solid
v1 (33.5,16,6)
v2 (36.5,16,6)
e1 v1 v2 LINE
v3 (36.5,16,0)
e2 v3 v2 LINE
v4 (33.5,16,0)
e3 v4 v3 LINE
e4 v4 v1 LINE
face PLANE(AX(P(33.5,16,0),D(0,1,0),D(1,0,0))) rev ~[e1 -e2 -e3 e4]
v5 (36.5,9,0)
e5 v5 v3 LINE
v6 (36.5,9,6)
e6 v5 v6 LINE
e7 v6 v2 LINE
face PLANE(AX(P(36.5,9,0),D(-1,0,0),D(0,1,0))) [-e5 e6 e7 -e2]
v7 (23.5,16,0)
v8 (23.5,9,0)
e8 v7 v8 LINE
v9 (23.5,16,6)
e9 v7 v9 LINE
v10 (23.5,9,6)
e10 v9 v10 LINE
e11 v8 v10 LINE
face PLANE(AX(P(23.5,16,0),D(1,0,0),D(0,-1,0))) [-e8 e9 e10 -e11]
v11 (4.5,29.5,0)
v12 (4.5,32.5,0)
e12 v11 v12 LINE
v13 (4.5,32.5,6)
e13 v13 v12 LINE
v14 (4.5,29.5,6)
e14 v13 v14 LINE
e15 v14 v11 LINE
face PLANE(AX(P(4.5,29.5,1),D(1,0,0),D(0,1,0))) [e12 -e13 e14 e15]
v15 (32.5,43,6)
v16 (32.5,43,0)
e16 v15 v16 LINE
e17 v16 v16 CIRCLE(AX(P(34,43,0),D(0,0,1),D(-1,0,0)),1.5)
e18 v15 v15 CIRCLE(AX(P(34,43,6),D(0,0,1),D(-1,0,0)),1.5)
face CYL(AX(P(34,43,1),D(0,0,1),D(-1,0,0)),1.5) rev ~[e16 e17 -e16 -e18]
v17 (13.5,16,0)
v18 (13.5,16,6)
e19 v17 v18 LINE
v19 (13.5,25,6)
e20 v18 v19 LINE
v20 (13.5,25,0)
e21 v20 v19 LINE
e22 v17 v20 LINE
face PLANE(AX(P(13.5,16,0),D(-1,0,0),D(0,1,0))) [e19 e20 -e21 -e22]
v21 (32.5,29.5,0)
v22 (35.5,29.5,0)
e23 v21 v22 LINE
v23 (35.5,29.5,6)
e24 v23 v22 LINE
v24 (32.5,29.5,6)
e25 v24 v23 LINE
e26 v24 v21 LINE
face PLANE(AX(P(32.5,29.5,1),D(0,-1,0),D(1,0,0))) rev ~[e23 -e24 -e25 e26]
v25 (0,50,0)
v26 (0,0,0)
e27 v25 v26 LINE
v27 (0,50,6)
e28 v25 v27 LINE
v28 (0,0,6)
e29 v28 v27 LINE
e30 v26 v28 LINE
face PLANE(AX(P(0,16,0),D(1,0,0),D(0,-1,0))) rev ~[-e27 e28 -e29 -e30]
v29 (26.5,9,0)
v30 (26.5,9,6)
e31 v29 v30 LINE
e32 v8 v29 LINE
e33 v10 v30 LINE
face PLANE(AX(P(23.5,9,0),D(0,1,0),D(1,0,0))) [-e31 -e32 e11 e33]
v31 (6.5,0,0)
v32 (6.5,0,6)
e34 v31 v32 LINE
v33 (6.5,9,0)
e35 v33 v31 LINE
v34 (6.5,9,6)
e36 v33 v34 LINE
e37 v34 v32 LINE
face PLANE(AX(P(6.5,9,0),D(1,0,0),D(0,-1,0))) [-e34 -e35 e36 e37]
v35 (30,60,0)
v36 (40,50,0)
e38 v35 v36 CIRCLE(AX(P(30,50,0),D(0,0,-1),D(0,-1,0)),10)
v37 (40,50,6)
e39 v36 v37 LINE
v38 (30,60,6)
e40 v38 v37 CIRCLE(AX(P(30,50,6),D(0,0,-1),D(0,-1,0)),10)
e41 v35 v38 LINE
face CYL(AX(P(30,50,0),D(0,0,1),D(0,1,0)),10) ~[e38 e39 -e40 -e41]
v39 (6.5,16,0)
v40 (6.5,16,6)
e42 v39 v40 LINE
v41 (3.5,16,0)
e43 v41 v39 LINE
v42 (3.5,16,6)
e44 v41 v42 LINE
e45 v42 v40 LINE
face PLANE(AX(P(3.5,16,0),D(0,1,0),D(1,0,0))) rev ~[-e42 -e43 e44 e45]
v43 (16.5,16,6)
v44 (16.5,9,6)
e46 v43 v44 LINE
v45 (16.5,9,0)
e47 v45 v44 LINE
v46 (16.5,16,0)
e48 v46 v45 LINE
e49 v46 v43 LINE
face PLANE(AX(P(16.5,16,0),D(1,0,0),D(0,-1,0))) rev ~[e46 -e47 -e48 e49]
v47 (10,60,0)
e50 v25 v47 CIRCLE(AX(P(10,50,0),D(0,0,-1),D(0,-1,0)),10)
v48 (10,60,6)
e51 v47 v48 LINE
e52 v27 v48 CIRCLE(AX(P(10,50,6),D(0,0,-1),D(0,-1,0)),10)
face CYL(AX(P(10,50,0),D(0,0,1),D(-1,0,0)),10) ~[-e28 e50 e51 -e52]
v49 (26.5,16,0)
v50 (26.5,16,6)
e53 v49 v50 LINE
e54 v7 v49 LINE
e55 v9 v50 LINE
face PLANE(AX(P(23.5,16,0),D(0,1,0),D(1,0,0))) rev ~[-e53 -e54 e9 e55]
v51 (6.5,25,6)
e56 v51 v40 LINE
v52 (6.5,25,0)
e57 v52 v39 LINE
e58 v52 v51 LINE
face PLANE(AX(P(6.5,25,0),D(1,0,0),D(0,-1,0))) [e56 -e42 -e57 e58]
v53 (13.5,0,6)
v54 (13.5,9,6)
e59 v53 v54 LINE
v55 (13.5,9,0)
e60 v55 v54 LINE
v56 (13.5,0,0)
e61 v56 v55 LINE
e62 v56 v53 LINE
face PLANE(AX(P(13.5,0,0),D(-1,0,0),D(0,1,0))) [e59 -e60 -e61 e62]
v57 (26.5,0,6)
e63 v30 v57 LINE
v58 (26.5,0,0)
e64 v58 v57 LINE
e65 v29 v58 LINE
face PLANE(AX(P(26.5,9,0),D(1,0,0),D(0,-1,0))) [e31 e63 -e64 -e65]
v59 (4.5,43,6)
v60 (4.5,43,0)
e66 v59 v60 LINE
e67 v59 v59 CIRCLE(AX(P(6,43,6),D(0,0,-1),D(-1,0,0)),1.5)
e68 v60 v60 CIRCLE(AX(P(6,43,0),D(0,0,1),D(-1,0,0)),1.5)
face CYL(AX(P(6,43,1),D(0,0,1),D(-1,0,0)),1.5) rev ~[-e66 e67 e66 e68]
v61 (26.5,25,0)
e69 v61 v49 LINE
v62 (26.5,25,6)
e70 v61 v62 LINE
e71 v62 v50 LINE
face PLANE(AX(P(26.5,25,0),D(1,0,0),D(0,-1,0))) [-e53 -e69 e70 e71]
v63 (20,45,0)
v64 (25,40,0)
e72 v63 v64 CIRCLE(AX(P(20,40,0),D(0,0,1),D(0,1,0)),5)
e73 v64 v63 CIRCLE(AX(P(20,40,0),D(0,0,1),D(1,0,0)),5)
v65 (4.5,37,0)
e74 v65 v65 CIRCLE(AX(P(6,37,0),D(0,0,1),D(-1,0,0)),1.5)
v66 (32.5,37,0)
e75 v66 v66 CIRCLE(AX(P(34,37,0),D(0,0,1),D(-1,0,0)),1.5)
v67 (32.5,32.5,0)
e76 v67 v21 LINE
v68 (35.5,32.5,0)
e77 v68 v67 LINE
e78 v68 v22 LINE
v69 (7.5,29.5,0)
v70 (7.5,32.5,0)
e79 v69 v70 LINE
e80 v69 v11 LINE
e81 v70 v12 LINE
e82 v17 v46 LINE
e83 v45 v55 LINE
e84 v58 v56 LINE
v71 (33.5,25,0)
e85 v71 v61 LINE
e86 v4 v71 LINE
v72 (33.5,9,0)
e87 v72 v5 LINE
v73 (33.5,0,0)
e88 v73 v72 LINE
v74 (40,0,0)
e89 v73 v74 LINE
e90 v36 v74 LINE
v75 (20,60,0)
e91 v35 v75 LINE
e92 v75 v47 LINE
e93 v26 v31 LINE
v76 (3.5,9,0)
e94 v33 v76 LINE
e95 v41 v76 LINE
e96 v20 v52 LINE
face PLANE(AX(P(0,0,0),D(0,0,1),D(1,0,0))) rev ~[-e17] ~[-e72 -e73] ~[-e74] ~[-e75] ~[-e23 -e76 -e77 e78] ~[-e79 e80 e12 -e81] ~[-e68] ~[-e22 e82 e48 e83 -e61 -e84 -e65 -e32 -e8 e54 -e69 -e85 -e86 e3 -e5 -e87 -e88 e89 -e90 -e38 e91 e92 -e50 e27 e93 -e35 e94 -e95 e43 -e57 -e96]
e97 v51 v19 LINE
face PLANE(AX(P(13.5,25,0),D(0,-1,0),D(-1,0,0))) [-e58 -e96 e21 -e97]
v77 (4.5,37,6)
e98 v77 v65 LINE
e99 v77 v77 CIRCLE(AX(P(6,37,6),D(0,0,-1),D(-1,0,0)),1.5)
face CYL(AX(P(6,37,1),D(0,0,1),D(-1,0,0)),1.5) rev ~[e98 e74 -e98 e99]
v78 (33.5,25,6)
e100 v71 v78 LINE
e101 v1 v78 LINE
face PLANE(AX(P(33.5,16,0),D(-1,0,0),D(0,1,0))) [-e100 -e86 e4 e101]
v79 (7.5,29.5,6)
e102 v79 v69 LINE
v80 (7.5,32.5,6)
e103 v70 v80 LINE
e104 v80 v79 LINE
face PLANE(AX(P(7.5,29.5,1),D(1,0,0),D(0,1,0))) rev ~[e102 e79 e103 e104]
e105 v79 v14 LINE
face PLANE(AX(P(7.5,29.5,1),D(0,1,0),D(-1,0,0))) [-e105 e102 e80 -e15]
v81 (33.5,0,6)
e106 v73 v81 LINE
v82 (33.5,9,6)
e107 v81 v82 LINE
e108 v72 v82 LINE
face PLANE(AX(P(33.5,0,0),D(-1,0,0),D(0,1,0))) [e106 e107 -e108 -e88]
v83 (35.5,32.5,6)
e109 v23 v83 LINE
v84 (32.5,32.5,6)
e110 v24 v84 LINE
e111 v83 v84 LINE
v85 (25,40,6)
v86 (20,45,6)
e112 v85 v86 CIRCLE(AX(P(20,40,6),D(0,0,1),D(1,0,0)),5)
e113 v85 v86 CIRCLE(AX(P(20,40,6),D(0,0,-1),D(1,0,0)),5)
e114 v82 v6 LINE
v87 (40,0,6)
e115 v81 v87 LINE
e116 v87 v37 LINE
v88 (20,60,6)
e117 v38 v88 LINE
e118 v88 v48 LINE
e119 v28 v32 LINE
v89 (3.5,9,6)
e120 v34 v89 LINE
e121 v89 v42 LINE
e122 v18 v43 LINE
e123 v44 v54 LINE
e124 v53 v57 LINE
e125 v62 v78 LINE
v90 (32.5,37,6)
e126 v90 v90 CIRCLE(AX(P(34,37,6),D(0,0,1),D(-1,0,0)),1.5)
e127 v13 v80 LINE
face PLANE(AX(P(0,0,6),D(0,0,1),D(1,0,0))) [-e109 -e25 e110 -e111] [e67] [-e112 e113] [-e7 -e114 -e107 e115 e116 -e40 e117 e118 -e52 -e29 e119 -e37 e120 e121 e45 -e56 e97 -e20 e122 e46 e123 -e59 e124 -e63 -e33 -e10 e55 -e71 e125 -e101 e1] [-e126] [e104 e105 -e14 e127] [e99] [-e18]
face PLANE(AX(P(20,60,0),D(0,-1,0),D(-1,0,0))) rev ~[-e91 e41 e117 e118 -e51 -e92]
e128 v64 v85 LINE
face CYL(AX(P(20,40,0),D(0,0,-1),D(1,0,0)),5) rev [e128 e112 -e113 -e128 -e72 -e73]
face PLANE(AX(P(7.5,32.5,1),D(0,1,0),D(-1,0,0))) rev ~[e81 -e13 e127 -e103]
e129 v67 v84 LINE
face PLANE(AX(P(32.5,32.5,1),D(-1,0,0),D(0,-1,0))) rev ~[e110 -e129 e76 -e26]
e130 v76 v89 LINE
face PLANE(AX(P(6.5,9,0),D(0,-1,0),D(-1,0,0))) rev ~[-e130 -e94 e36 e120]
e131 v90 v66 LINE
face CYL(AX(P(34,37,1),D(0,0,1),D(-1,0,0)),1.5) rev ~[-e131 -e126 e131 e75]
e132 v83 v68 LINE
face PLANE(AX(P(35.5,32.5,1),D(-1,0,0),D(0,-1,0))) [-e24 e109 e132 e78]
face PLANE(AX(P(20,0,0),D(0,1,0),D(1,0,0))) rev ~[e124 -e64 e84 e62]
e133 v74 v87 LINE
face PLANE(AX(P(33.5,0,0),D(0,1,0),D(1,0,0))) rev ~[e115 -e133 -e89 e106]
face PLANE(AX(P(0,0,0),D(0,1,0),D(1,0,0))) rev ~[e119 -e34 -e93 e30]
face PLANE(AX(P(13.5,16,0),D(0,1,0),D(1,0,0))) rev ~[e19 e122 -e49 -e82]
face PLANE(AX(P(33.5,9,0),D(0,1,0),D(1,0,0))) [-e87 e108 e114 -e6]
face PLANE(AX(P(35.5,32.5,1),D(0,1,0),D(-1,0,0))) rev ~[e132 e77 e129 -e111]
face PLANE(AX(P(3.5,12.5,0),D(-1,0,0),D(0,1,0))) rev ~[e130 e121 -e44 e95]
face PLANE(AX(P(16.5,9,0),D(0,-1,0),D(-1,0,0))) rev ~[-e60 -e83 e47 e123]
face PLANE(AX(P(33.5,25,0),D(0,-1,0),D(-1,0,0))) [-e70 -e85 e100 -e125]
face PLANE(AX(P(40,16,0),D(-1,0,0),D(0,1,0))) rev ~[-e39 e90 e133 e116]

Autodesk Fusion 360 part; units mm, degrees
sketch "Sketch1" plane through (0, 0, 0) normal (0, 0, 1) x (1, 0, 0)
  line L0 (0, 0) -> (40, 0)
  line L1 (40, 0) -> (40, 60)
  line L2 (40, 60) -> (0, 60)
  line L3 (0, 60) -> (0, 0)
  line L4 (20, 60) -> (20, 27.089)
  circle A0 centre (20, 40) radius 5
  line L5 (6.5, 0) -> (13.5, 0)
  line L6 (13.5, 0) -> (13.5, 25)
  line L7 (13.5, 25) -> (6.5, 25)
  line L8 (6.5, 25) -> (6.5, 0)
  line L9 (26.5, 0) -> (33.5, 0)
  line L10 (33.5, 0) -> (33.5, 25)
  line L11 (33.5, 25) -> (26.5, 25)
  line L12 (26.5, 25) -> (26.5, 0)
  line L13 (10, 25) -> (30, 25)
  line L14 (20, 25) -> (20, 0)
  line L15 (0, 16) -> (40, 16)
  line L16 (3.5, 16) -> (16.5, 16)
  line L17 (16.5, 16) -> (16.5, 9)
  line L18 (16.5, 9) -> (3.5, 9)
  line L19 (3.5, 9) -> (3.5, 16)
  line L20 (3.5, 12.5) -> (6.5, 12.5)
  line L21 (10, 9) -> (10, 0)
  line L22 (23.5, 16) -> (23.5, 9)
  line L23 (23.5, 9) -> (36.5, 9)
  line L24 (36.5, 9) -> (36.5, 16)
  dimension "d1" = 40
  dimension "d2" = 60
  dimension "d3" = 10
  dimension "d4" = 40
  dimension "d5" = 7
  dimension "d6" = 7
  dimension "d7" = 25
  dimension "d8" = 25
  dimension "d9" = 20
  dimension "d10" = 90
  dimension "d11" = 90
  dimension "d12" = 13
  dimension "d13" = 90
  dimension "d14" = 7
extrude "Extrude1" add sketch "Sketch1" along normal blind 6 contours L0 L3 L8 L15 L18 L19 | L1 L2 L3 L7 L8 L10 L11 L13 L15 L16 | L0 L6 L14 L15 L17 L18 | L0 L12 L14 L15 L22 L23 | L6 L13 L14 L15 L16 | L12 L13 L14 L15 | L0 L1 L10 L15 L23 L24
sketch "Sketch2" plane through (0, 0, 6) normal (0, 0, 1) x (-1, 0, 0)
  circle A0 centre (-20, -40) radius 5
  line L0 (-33.5, 0) -> (-40, 0)
  line L1 (-40, 0) -> (-40, -60)
  line L2 (-40, -60) -> (0, -60)
  line L3 (0, -60) -> (0, 0)
  line L4 (0, 0) -> (-6.5, 0)
  line L5 (-6.5, 0) -> (-6.5, -9)
  line L6 (-6.5, -9) -> (-3.5, -9)
  line L7 (-3.5, -9) -> (-3.5, -16)
  line L8 (-3.5, -16) -> (-6.5, -16)
  line L9 (-6.5, -16) -> (-6.5, -25)
  line L10 (-6.5, -25) -> (-13.5, -25)
  line L11 (-13.5, -25) -> (-13.5, -16)
  line L12 (-13.5, -16) -> (-16.5, -16)
  line L13 (-16.5, -16) -> (-16.5, -9)
  line L14 (-16.5, -9) -> (-13.5, -9)
  line L15 (-13.5, -9) -> (-13.5, 0)
  line L16 (-13.5, 0) -> (-26.5, 0)
  line L17 (-26.5, 0) -> (-26.5, -9)
  line L18 (-26.5, -9) -> (-23.5, -9)
  line L19 (-23.5, -9) -> (-23.5, -16)
  line L20 (-23.5, -16) -> (-26.5, -16)
  line L21 (-26.5, -16) -> (-26.5, -25)
  line L22 (-26.5, -25) -> (-33.5, -25)
  line L23 (-33.5, -25) -> (-33.5, -16)
  line L24 (-33.5, -16) -> (-36.5, -16)
  line L25 (-36.5, -16) -> (-36.5, -9)
  line L26 (-36.5, -9) -> (-33.5, -9)
  line L27 (-33.5, -9) -> (-33.5, 0)
  line L28 (0, -40) -> (-40, -40)
  line L29 (-6, -45) -> (-6, -35)
  circle A1 centre (-6, -43) radius 1.5
  circle A2 centre (-6, -37) radius 1.5
  line L30 (-6, -43) -> (-6, -37)
  line L31 (-6, -40) -> (0, -40)
  line L32 (-20, -40) -> (-20, -45)
  circle A3 centre (-34, -43) radius 1.5
  circle A4 centre (-34, -37) radius 1.5
  dimension "d17" = 6
  dimension "d18" = 3
  dimension "d19" = 3
  dimension "d20" = 6
  dimension "d21" = 90
extrude "Extrude2" cut sketch "Sketch2" against normal blind 5 contours L29 A1 L30 | L29 A1 L30 | L29 A2 L30 | L29 A2 L30 | A3 | A4
sketch "Sketch3" plane through (0, 0, 6) normal (0, 0, 1) x (-1, 0, 0)
  circle A0 centre (-6, -37) radius 1.5
  circle A1 centre (-34, -43) radius 1.5
  circle A2 centre (-6, -43) radius 1.5
  circle A3 centre (-34, -37) radius 1.5
  circle A4 centre (-20, -40) radius 5
  line L0 (-33.5, 0) -> (-40, 0)
  line L1 (-40, 0) -> (-40, -60)
  line L2 (-40, -60) -> (0, -60)
  line L3 (0, -60) -> (0, 0)
  line L4 (0, 0) -> (-6.5, 0)
  line L5 (-6.5, 0) -> (-6.5, -9)
  line L6 (-6.5, -9) -> (-3.5, -9)
  line L7 (-3.5, -9) -> (-3.5, -16)
  line L8 (-3.5, -16) -> (-6.5, -16)
  line L9 (-6.5, -16) -> (-6.5, -25)
  line L10 (-6.5, -25) -> (-13.5, -25)
  line L11 (-13.5, -25) -> (-13.5, -16)
  line L12 (-13.5, -16) -> (-16.5, -16)
  line L13 (-16.5, -16) -> (-16.5, -9)
  line L14 (-16.5, -9) -> (-13.5, -9)
  line L15 (-13.5, -9) -> (-13.5, 0)
  line L16 (-13.5, 0) -> (-26.5, 0)
  line L17 (-26.5, 0) -> (-26.5, -9)
  line L18 (-26.5, -9) -> (-23.5, -9)
  line L19 (-23.5, -9) -> (-23.5, -16)
  line L20 (-23.5, -16) -> (-26.5, -16)
  line L21 (-26.5, -16) -> (-26.5, -25)
  line L22 (-26.5, -25) -> (-33.5, -25)
  line L23 (-33.5, -25) -> (-33.5, -16)
  line L24 (-33.5, -16) -> (-36.5, -16)
  line L25 (-36.5, -16) -> (-36.5, -9)
  line L26 (-36.5, -9) -> (-33.5, -9)
  line L27 (-33.5, -9) -> (-33.5, 0)
  line L28 (0, -31) -> (-40, -31)
  line L29 (-4.5, -32.5) -> (-7.5, -32.5)
  line L30 (-7.5, -32.5) -> (-7.5, -29.5)
  line L31 (-7.5, -29.5) -> (-4.5, -29.5)
  line L32 (-4.5, -29.5) -> (-4.5, -32.5)
  line L33 (-6, -37) -> (0, -37)
  line L34 (-6, -37) -> (-6, -32.5)
  line L35 (-4.5, -31) -> (0, -31)
  line L36 (-20, -40) -> (-20, -43)
  line L37 (-35.5, -32.5) -> (-32.5, -32.5)
  line L38 (-32.5, -32.5) -> (-32.5, -29.5)
  line L39 (-35.5, -29.5) -> (-35.5, -32.5)
  line L40 (-32.5, -29.5) -> (-35.5, -29.5)
  dimension "d24" = 3
  dimension "d25" = 3
  dimension "d26" = 90
  dimension "d27" = 6
  dimension "d28" = 90
extrude "Extrude3" cut sketch "Sketch3" against normal blind 5 contours L28 L29 L30 L32 | L28 L30 L31 L32 | L28 L37 L38 L39 | L28 L38 L39 L40
fillet "Fillet1" radius 10 1 edges at (0, 60, 3)
fillet "Fillet2" radius 10 1 edges at (40, 60, 3)
extrude "Extrude4" cut 6 faces at (6.8158, 43.2169, 1) (6.1827, 37.4654, 1) (6.5, 30.5, 1) (33.5, 30.5, 1) (33.9601, 37.4654, 1) (33.2997, 43.1474, 1) along direction (0, 0, -1) blind 5
